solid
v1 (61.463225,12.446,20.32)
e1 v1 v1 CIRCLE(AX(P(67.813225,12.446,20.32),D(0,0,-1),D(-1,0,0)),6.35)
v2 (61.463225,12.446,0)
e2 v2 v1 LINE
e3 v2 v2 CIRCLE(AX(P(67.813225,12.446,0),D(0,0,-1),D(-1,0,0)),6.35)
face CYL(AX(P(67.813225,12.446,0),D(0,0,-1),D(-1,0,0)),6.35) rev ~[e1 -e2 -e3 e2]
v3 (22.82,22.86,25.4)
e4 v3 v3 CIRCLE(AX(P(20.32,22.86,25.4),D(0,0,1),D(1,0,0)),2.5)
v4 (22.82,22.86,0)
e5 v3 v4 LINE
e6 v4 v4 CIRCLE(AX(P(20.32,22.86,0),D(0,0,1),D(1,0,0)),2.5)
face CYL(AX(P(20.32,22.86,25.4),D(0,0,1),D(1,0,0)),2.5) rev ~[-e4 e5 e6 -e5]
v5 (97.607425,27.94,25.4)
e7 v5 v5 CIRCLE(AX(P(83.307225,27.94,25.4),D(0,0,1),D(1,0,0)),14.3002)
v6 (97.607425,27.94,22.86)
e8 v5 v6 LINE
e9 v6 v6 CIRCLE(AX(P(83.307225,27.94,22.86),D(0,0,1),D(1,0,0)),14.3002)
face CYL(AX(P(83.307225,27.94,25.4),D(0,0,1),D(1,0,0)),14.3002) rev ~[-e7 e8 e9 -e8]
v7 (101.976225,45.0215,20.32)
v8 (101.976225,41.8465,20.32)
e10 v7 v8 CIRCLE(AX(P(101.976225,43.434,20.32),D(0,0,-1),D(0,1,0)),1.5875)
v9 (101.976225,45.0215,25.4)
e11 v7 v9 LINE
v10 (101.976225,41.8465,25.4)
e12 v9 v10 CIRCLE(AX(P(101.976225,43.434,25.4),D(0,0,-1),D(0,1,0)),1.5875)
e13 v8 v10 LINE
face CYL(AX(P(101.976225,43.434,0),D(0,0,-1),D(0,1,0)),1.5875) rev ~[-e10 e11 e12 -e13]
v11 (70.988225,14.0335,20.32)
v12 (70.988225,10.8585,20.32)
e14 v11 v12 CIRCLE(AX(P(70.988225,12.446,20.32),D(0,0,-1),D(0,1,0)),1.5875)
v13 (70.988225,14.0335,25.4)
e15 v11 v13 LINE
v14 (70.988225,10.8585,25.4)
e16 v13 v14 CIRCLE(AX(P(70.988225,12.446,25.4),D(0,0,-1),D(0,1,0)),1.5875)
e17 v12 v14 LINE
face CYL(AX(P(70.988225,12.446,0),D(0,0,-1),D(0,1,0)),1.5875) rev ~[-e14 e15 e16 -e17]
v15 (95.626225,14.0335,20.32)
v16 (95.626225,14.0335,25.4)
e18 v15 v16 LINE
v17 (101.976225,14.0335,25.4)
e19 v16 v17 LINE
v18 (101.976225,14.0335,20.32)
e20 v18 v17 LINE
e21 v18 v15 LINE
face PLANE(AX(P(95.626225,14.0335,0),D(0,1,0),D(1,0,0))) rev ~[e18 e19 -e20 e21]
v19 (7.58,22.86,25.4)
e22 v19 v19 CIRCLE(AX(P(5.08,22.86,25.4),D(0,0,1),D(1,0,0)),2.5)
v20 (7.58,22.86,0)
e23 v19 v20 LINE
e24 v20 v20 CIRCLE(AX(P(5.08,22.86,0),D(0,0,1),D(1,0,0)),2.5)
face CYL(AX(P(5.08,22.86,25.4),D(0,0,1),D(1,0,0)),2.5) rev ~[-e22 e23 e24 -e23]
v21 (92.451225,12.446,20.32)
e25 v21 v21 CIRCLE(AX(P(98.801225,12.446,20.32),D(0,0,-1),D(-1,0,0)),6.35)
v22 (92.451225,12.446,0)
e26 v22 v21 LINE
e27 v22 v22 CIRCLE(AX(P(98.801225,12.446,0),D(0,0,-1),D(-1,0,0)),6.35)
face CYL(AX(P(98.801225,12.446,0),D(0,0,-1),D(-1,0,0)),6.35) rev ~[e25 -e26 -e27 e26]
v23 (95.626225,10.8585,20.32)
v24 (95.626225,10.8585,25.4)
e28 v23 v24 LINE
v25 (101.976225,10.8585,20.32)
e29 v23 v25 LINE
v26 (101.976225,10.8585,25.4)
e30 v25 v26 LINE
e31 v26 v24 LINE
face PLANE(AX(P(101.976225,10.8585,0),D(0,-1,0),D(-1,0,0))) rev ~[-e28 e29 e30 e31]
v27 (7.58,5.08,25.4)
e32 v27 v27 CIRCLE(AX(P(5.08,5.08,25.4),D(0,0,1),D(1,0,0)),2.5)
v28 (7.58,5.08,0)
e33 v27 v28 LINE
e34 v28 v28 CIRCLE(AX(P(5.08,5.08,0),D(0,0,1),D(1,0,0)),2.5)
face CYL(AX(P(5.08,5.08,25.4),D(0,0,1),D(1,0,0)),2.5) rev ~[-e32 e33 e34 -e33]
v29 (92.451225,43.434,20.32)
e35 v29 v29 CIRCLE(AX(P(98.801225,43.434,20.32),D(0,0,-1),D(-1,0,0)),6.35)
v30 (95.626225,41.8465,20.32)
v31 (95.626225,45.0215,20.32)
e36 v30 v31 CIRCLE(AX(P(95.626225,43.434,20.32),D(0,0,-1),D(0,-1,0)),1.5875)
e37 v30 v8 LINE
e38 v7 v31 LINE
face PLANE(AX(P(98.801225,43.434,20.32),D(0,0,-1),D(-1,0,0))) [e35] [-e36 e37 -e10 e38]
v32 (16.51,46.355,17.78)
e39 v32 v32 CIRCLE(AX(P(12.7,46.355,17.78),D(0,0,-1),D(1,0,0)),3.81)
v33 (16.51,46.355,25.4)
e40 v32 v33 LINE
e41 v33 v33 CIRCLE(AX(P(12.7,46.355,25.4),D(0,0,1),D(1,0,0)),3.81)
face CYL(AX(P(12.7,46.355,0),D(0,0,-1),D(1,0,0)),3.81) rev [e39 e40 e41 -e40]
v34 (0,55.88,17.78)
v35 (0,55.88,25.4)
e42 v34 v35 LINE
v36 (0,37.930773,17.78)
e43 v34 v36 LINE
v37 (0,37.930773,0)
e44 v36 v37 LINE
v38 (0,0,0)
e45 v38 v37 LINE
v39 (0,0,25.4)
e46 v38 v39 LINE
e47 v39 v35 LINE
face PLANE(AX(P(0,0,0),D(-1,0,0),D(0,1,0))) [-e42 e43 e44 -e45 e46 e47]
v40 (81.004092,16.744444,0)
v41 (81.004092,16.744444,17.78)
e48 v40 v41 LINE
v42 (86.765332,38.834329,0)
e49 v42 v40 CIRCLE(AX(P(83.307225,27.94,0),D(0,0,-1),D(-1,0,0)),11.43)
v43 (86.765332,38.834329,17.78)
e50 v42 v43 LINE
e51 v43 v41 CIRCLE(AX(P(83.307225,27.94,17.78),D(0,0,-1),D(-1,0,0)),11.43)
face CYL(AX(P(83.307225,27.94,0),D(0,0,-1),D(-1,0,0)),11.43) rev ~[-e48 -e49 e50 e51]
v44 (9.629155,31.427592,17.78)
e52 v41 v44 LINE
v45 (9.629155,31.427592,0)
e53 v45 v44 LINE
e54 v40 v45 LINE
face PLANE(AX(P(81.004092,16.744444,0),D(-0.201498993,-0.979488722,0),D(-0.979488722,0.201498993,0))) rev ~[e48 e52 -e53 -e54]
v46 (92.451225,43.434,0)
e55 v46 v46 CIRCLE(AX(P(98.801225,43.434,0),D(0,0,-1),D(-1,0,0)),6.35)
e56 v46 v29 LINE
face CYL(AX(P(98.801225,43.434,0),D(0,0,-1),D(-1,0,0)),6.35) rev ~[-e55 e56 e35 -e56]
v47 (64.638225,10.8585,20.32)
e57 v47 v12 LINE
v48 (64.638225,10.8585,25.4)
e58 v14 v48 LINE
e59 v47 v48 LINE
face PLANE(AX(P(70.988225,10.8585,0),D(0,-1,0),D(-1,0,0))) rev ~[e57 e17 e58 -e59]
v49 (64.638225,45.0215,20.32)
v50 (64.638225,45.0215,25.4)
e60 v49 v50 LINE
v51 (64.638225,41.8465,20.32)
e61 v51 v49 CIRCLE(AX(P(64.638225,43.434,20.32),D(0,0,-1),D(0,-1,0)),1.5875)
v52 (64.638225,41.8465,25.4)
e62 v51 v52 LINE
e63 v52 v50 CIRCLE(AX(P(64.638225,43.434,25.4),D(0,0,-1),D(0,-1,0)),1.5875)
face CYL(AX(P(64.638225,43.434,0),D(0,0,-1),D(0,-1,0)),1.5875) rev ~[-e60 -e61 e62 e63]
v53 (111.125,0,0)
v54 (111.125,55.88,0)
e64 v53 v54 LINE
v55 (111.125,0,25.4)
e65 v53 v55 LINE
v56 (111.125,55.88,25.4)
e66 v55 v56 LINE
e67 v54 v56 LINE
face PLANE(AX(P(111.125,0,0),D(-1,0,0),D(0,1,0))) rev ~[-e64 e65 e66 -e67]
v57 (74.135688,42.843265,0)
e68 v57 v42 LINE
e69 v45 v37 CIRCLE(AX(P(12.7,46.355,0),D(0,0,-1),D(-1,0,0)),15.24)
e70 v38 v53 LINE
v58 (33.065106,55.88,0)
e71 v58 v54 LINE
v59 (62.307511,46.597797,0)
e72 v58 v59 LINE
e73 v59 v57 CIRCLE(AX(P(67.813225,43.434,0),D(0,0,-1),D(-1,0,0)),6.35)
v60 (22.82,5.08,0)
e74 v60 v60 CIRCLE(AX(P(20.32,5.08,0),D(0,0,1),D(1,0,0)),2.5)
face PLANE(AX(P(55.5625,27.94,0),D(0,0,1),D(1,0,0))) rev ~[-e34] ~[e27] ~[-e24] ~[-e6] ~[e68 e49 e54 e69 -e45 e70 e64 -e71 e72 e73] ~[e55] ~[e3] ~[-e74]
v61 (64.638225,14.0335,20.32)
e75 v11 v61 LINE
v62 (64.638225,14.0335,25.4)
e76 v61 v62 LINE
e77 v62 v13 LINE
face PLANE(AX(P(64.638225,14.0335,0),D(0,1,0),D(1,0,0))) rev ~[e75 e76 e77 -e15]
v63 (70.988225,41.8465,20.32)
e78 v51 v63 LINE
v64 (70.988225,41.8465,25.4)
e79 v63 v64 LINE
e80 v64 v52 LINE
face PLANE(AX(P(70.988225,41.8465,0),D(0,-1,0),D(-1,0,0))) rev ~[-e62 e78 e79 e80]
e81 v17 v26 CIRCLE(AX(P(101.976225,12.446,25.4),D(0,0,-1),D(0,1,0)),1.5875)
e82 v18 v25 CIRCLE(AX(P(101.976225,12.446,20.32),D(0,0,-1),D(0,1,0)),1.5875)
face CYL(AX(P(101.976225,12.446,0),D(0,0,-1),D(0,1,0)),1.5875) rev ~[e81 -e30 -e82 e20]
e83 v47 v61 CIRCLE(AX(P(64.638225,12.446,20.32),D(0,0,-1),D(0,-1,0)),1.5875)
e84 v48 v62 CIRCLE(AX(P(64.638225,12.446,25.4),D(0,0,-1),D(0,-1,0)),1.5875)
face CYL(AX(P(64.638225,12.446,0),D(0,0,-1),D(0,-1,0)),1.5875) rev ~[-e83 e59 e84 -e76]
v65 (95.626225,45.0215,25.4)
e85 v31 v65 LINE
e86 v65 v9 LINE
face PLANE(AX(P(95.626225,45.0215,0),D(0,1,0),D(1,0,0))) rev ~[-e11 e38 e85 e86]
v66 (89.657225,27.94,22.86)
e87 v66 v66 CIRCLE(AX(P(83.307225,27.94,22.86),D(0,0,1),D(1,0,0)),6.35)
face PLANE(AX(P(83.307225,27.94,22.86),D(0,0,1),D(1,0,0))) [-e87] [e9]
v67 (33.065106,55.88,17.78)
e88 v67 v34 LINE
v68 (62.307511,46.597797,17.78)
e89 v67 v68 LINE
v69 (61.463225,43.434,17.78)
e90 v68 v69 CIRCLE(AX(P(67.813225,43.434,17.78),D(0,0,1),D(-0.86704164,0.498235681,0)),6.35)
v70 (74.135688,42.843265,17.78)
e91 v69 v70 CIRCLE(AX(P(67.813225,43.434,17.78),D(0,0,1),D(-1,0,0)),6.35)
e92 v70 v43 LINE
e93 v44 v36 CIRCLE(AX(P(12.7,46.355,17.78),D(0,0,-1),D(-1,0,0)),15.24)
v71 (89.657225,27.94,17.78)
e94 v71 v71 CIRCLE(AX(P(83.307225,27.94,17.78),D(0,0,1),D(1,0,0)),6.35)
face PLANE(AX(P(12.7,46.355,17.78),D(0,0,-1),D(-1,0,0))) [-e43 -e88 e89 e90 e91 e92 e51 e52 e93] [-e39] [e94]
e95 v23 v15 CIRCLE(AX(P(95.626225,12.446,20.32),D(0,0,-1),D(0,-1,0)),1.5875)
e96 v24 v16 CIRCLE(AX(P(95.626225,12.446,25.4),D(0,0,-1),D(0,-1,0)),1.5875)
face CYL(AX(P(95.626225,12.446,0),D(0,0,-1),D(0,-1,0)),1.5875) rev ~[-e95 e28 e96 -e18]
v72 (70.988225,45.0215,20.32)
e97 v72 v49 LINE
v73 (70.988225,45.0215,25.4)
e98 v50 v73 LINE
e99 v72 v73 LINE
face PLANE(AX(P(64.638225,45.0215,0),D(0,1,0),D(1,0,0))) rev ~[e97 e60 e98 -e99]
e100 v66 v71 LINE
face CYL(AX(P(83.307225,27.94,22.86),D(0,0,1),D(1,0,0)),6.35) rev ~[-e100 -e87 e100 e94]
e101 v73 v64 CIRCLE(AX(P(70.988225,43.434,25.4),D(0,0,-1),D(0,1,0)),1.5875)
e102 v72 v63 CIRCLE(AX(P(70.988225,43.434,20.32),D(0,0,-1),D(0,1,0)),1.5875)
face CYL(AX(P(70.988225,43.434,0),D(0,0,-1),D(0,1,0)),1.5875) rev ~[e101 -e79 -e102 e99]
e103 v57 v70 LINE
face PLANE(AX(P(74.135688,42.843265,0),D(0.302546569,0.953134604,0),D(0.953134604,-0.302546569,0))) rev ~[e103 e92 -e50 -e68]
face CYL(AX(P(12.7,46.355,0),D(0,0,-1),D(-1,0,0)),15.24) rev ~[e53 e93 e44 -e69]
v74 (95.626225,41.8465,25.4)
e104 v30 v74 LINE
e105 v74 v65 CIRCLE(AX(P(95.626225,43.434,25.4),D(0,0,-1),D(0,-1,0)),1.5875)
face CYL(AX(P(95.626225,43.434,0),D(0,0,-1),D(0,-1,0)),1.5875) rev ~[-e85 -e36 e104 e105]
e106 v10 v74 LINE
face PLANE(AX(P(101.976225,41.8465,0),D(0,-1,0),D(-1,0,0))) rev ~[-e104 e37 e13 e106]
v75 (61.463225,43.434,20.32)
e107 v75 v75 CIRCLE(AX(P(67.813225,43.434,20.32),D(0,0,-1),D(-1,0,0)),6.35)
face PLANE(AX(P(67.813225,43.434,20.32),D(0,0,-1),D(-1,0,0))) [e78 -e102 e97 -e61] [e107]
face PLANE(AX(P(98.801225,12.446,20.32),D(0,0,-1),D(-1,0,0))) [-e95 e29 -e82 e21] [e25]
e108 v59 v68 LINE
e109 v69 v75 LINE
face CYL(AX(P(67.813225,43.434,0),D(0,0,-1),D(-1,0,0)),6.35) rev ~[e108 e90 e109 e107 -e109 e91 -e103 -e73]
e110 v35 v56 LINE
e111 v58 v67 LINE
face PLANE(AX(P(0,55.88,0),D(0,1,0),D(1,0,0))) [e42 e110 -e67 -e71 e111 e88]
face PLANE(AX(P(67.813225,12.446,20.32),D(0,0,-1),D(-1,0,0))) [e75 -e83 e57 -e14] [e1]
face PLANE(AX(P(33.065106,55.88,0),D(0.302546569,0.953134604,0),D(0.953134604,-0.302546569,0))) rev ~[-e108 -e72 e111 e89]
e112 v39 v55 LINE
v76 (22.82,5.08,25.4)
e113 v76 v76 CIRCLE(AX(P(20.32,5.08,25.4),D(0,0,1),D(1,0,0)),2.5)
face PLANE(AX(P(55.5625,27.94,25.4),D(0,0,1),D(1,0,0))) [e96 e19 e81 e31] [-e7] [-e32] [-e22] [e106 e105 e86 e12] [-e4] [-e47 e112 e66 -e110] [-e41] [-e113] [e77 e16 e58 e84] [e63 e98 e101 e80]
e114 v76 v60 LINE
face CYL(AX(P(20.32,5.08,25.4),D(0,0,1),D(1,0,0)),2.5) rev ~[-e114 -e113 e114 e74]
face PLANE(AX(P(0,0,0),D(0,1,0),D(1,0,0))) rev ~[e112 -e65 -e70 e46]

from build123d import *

# Parameters (mm, degrees)
SKETCH2_W           = 111.125
SKETCH2_H           = 55.88
SKETCH2_R           = 3.81
BOSS_EXTRUDE1_DEPTH = 25.4
SKETCH4_R           = 15.24
CUT_EXTRUDE2_DEPTH  = 17.78
CUT_EXTRUDE3_DEPTH  = 17.78
SKETCH6_R           = 6.35
CUT_EXTRUDE4_DEPTH  = 20.32
SKETCH7_R           = 14.3002
CUT_EXTRUDE5_DEPTH  = 2.54
SKETCH8_R           = 6.35
CUT_EXTRUDE6_DEPTH  = 23.86
SKETCH9_R           = 11.43
SKETCH9_R_2         = 6.35
CUT_EXTRUDE7_DEPTH  = 17.78
SKETCH10_R          = 2.5
CUT_EXTRUDE8_DEPTH  = 26.4


with BuildPart() as part:
    # Sketch2 → Boss-Extrude1 (new body)
    with BuildSketch(Plane.XY):
        with Locations((55.5625, 27.94)):
            Rectangle(SKETCH2_W, SKETCH2_H)
        with Locations((12.7, 46.355)):
            Circle(SKETCH2_R, mode=Mode.SUBTRACT)
        with BuildLine():
            Line((70.988225187, 41.8465), (64.638225187, 41.8465))
            ThreePointArc((64.638225187, 41.8465), (63.050725187, 43.434), (64.638225187, 45.0215))
            Line((64.638225187, 45.0215), (70.988225187, 45.0215))
            ThreePointArc((70.988225187, 45.0215), (72.575725187, 43.434), (70.988225187, 41.8465))
        make_face(mode=Mode.SUBTRACT)
        with BuildLine():
            Line((101.976225187, 41.8465), (95.626225187, 41.8465))
            ThreePointArc((95.626225187, 41.8465), (94.038725187, 43.434), (95.626225187, 45.0215))
            Line((95.626225187, 45.0215), (101.976225187, 45.0215))
            ThreePointArc((101.976225187, 45.0215), (103.563725187, 43.434), (101.976225187, 41.8465))
        make_face(mode=Mode.SUBTRACT)
        with BuildLine():
            Line((101.976225187, 10.8585), (95.626225187, 10.8585))
            ThreePointArc((95.626225187, 10.8585), (94.038725187, 12.446), (95.626225187, 14.0335))
            Line((95.626225187, 14.0335), (101.976225187, 14.0335))
            ThreePointArc((101.976225187, 14.0335), (103.563725187, 12.446), (101.976225187, 10.8585))
        make_face(mode=Mode.SUBTRACT)
        with BuildLine():
            Line((70.988225187, 10.8585), (64.638225187, 10.8585))
            ThreePointArc((64.638225187, 10.8585), (63.050725187, 12.446), (64.638225187, 14.0335))
            Line((64.638225187, 14.0335), (70.988225187, 14.0335))
            ThreePointArc((70.988225187, 14.0335), (72.575725187, 12.446), (70.988225187, 10.8585))
        make_face(mode=Mode.SUBTRACT)
    extrude(amount=BOSS_EXTRUDE1_DEPTH)

    # Sketch4 → Cut-Extrude2 (cut)
    with BuildSketch(Plane(origin=(0, 0, 0), x_dir=(-1, 0, 0), z_dir=(0, 0, -1))):
        with Locations((-12.7, 46.355)):
            Circle(SKETCH4_R)
    extrude(amount=-CUT_EXTRUDE2_DEPTH, mode=Mode.SUBTRACT)

    # Sketch5 → Cut-Extrude3 (cut)
    with BuildSketch(Plane(origin=(0, 0, 0), x_dir=(-1, 0, 0), z_dir=(0, 0, -1))):
        with BuildLine():
            Line((0, 54.779226968), (0, 55.88))
            Line((0, 55.88), (-0.803278813, 55.88))
            ThreePointArc((-0.803278813, 55.88), (-0.389329888, 55.33859624), (0, 54.779226968))
        make_face()
    extrude(amount=-CUT_EXTRUDE3_DEPTH, mode=Mode.SUBTRACT)

    # Sketch6 → Cut-Extrude4 (cut)
    with BuildSketch(Plane(origin=(0, 0, 0), x_dir=(-1, 0, 0), z_dir=(0, 0, -1))):
        with Locations((-98.801225187, 43.434)):
            Circle(SKETCH6_R)
        with Locations((-98.801225187, 12.446)):
            Circle(SKETCH6_R)
        with Locations((-67.813225187, 43.434)):
            Circle(SKETCH6_R)
        with Locations((-67.813225187, 12.446)):
            Circle(SKETCH6_R)
    extrude(amount=-CUT_EXTRUDE4_DEPTH, mode=Mode.SUBTRACT)

    # Sketch7 → Cut-Extrude5 (cut)
    with BuildSketch(Plane.XY.offset(25.4)):
        with Locations((83.307225187, 27.94)):
            Circle(SKETCH7_R)
    extrude(amount=-CUT_EXTRUDE5_DEPTH, mode=Mode.SUBTRACT)

    # Sketch8 → Cut-Extrude6 (cut, through all)
    with BuildSketch(Plane.XY.offset(22.86)):
        with Locations((83.307225187, 27.94)):
            Circle(SKETCH8_R)
    extrude(amount=-CUT_EXTRUDE6_DEPTH, mode=Mode.SUBTRACT)

    # Sketch9 → Cut-Extrude7 (cut)
    with BuildSketch(Plane(origin=(0, 0, 0), x_dir=(-1, 0, 0), z_dir=(0, 0, -1))):
        with Locations((-83.307225187, 27.94)):
            Circle(SKETCH9_R)
        with Locations((-83.307225187, 27.94)):
            Circle(SKETCH9_R_2, mode=Mode.SUBTRACT)
        with BuildLine():
            Line((-74.135687658, 42.843264609), (-86.765332472, 38.834328525))
            ThreePointArc((-86.765332472, 38.834328525), (-76.557457275, 37.164181976), (-71.877225187, 27.94))
            ThreePointArc((-71.877225187, 27.94), (-74.448057171, 20.717809053), (-81.004091691, 16.744443913))
            Line((-81.004091691, 16.744443913), (-9.629155339, 31.427591884))
            ThreePointArc((-9.629155339, 31.427591884), (-25.698234103, 38.398649693), (-24.596721187, 55.88))
            Line((-24.596721187, 55.88), (-33.065105822, 55.88))
            Line((-33.065105822, 55.88), (-62.307510769, 46.597796572))
            ThreePointArc((-62.307510769, 46.597796572), (-61.677926231, 45.071255852), (-61.463225187, 43.434))
            ThreePointArc((-61.463225187, 43.434), (-67.517536745, 37.090888118), (-74.135687658, 42.843264609))
        make_face()
    extrude(amount=-CUT_EXTRUDE7_DEPTH, mode=Mode.SUBTRACT)

    # Sketch10 → Cut-Extrude8 (cut, through all)
    with BuildSketch(Plane.XY.offset(25.4)):
        with Locations((5.08, 5.08)):
            Circle(SKETCH10_R)
        with Locations((20.32, 5.08)):
            Circle(SKETCH10_R)
        with Locations((20.32, 22.86)):
            Circle(SKETCH10_R)
        with Locations((5.08, 22.86)):
            Circle(SKETCH10_R)
    extrude(amount=-CUT_EXTRUDE8_DEPTH, mode=Mode.SUBTRACT)


solid = part.part
